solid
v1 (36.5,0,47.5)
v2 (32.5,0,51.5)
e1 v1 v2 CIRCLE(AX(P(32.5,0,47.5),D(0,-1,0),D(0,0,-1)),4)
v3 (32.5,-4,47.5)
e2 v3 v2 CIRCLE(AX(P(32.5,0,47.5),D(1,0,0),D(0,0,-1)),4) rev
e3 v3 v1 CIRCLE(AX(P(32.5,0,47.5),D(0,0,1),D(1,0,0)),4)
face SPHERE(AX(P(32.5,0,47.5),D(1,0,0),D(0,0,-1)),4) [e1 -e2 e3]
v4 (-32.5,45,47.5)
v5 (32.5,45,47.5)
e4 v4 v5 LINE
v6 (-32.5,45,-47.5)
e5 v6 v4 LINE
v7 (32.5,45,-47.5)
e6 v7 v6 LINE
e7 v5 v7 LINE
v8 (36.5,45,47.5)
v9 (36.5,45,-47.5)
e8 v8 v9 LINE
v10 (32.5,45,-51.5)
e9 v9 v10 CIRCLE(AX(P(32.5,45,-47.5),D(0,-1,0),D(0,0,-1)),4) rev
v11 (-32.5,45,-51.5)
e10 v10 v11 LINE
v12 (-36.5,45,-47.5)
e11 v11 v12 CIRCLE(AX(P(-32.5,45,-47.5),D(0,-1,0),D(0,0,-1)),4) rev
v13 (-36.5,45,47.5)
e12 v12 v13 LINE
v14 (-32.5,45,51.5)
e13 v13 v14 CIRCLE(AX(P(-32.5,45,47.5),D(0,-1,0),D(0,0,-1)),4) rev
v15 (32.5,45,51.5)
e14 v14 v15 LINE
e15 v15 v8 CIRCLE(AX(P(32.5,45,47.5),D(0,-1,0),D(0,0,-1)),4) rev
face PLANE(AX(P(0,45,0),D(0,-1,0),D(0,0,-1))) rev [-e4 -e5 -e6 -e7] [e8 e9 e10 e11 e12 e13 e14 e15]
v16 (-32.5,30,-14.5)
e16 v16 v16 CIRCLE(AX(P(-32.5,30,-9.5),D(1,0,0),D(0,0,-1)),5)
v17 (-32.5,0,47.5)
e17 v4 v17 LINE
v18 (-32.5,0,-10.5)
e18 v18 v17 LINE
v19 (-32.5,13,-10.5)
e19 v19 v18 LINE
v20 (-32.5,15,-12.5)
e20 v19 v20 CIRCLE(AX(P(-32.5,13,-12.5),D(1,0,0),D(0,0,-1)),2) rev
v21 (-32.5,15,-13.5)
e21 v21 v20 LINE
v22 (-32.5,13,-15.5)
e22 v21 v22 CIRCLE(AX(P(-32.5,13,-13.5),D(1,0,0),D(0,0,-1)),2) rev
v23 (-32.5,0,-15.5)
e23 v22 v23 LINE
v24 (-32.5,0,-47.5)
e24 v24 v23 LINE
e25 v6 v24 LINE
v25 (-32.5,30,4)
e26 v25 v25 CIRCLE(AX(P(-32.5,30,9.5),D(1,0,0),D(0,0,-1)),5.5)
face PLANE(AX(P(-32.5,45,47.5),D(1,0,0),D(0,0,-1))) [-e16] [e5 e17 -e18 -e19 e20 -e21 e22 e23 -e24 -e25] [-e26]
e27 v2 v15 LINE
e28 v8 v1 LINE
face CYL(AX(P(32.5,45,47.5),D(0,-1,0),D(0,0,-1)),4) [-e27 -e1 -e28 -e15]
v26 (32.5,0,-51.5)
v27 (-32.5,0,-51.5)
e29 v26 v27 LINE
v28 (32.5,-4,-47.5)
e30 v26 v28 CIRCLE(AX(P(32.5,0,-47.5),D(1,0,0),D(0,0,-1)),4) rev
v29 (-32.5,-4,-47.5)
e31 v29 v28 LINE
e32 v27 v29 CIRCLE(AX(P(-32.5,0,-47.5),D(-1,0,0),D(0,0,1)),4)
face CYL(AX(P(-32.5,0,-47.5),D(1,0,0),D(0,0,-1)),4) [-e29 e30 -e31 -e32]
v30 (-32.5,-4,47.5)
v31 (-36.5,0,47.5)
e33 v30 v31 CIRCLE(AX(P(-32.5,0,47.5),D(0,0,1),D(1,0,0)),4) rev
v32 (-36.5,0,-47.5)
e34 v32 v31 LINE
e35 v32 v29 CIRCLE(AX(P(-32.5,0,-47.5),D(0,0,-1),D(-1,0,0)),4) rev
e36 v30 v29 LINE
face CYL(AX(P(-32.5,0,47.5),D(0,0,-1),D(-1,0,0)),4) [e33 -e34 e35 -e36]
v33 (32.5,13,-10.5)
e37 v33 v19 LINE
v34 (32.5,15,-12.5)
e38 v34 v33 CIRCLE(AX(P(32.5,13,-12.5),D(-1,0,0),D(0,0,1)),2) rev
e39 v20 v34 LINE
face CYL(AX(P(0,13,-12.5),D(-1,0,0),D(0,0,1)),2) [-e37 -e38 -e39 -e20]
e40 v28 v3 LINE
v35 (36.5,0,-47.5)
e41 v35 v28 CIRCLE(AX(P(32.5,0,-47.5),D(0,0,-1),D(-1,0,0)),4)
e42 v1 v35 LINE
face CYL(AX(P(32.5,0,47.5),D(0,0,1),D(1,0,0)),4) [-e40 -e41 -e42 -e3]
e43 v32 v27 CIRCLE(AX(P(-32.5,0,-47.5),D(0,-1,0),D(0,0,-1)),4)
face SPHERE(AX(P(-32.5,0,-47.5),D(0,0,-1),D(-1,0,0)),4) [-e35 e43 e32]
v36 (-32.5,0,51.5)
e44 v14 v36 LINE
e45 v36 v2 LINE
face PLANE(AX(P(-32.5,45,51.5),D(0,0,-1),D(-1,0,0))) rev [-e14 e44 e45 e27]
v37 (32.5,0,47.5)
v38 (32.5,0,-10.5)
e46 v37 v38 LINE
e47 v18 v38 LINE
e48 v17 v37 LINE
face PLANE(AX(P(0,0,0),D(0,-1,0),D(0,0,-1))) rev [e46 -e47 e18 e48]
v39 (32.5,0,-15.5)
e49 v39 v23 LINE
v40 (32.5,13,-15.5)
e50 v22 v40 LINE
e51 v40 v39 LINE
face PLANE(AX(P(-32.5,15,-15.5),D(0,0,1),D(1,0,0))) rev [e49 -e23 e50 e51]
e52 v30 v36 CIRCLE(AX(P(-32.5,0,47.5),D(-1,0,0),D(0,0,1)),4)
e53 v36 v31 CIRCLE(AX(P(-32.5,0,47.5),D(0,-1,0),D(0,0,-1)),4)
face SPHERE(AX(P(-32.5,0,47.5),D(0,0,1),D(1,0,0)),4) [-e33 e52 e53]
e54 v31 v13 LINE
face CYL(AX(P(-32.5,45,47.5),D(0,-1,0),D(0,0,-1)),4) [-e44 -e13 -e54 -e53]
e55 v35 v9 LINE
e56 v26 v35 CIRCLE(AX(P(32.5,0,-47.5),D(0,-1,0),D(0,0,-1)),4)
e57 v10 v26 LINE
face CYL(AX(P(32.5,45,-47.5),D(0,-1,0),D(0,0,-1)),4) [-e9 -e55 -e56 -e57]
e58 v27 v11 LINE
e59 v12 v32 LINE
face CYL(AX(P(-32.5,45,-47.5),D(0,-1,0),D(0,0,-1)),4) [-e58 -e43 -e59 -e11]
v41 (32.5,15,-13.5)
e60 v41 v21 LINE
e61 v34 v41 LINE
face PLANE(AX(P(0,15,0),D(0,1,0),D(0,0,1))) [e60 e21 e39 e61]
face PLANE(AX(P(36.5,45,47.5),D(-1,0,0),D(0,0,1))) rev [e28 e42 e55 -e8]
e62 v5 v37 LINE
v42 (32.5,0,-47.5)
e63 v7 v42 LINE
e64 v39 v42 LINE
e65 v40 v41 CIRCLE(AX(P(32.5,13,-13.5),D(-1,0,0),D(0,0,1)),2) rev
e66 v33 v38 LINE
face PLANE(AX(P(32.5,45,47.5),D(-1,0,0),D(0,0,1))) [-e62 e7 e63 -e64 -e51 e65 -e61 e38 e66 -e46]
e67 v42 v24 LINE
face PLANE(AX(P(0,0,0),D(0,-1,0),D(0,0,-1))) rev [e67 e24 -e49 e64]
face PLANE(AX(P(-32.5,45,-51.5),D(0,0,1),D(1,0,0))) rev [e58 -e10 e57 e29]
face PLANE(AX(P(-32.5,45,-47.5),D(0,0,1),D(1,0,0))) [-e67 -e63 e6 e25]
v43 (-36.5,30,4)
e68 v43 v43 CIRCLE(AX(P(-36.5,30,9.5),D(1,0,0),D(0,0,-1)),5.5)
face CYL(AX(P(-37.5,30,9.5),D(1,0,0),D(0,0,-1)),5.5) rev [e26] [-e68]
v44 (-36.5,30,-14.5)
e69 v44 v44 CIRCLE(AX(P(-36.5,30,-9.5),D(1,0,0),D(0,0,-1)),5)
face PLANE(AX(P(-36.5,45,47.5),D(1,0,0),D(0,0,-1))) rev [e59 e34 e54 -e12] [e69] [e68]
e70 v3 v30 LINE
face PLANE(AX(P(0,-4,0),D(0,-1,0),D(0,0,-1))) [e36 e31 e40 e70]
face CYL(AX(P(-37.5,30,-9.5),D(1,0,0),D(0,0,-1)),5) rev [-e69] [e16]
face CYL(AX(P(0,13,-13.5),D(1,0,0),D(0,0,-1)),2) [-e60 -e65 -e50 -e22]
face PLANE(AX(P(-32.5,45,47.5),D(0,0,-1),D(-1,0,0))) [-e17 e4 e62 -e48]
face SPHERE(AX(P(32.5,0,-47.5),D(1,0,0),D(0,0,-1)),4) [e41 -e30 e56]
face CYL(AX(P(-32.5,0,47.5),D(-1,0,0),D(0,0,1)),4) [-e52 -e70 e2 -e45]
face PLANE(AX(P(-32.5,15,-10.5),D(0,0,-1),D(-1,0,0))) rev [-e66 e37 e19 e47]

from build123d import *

# Parameters (mm, degrees)
SKETCH1_W           = 65
SKETCH1_H           = 95
BOSS_EXTRUDE1_DEPTH = 45
SHELL4_T            = 4
SKETCH3_W           = 65
SKETCH3_H           = 5
BOSS_EXTRUDE3_DEPTH = 15
SKETCH4_R           = 5
SKETCH4_R_2         = 5.5
CUT_EXTRUDE1_DEPTH  = 5
FILLET1_R           = 4
FILLET2_R           = 2


with BuildPart() as part:
    # Sketch1 → Boss-Extrude1 (new body)
    with BuildSketch(Plane(origin=(0, 0, 0), x_dir=(1, 0, 0), z_dir=(0, 1, 0))):
        Rectangle(SKETCH1_W, SKETCH1_H)
    extrude(amount=BOSS_EXTRUDE1_DEPTH)

    # Shell4
    shell4_openings = [part.faces().sort_by_distance(p)[0] for p in [
        (0, 45, 0),
    ]]
    offset(amount=SHELL4_T, openings=shell4_openings, kind=Kind.INTERSECTION)

    # Sketch3 → Boss-Extrude3 (add)
    with BuildSketch(Plane(origin=(0, 0, 0), x_dir=(1, 0, 0), z_dir=(0, 1, 0))):
        with Locations((0, 13)):
            Rectangle(SKETCH3_W, SKETCH3_H)
    extrude(amount=BOSS_EXTRUDE3_DEPTH)

    # Sketch4 → Cut-Extrude1 (cut)
    with BuildSketch(Plane(origin=(-32.5, 0, 0), x_dir=(0, 0, -1), z_dir=(1, 0, 0))):
        with Locations((9.5, 30)):
            Circle(SKETCH4_R)
        with Locations((-9.5, 30)):
            Circle(SKETCH4_R_2)
    extrude(amount=-CUT_EXTRUDE1_DEPTH, mode=Mode.SUBTRACT)

    # Fillet1
    fillet1_edges = [part.edges().sort_by_distance(p)[0] for p in [
        (0, -4, 51.5),
        (-36.5, -4, 0),
        (0, -4, -51.5),
        (36.5, -4, 0),
        (36.5, 20.5, 51.5),
        (-36.5, 20.5, 51.5),
        (-36.5, 20.5, -51.5),
        (36.5, 20.5, -51.5),
    ]]
    fillet(fillet1_edges, radius=FILLET1_R)

    # Fillet2
    fillet2_edges = [part.edges().sort_by_distance(p)[0] for p in [
        (0, 15, -10.5),
        (0, 15, -15.5),
    ]]
    fillet(fillet2_edges, radius=FILLET2_R)


solid = part.part
